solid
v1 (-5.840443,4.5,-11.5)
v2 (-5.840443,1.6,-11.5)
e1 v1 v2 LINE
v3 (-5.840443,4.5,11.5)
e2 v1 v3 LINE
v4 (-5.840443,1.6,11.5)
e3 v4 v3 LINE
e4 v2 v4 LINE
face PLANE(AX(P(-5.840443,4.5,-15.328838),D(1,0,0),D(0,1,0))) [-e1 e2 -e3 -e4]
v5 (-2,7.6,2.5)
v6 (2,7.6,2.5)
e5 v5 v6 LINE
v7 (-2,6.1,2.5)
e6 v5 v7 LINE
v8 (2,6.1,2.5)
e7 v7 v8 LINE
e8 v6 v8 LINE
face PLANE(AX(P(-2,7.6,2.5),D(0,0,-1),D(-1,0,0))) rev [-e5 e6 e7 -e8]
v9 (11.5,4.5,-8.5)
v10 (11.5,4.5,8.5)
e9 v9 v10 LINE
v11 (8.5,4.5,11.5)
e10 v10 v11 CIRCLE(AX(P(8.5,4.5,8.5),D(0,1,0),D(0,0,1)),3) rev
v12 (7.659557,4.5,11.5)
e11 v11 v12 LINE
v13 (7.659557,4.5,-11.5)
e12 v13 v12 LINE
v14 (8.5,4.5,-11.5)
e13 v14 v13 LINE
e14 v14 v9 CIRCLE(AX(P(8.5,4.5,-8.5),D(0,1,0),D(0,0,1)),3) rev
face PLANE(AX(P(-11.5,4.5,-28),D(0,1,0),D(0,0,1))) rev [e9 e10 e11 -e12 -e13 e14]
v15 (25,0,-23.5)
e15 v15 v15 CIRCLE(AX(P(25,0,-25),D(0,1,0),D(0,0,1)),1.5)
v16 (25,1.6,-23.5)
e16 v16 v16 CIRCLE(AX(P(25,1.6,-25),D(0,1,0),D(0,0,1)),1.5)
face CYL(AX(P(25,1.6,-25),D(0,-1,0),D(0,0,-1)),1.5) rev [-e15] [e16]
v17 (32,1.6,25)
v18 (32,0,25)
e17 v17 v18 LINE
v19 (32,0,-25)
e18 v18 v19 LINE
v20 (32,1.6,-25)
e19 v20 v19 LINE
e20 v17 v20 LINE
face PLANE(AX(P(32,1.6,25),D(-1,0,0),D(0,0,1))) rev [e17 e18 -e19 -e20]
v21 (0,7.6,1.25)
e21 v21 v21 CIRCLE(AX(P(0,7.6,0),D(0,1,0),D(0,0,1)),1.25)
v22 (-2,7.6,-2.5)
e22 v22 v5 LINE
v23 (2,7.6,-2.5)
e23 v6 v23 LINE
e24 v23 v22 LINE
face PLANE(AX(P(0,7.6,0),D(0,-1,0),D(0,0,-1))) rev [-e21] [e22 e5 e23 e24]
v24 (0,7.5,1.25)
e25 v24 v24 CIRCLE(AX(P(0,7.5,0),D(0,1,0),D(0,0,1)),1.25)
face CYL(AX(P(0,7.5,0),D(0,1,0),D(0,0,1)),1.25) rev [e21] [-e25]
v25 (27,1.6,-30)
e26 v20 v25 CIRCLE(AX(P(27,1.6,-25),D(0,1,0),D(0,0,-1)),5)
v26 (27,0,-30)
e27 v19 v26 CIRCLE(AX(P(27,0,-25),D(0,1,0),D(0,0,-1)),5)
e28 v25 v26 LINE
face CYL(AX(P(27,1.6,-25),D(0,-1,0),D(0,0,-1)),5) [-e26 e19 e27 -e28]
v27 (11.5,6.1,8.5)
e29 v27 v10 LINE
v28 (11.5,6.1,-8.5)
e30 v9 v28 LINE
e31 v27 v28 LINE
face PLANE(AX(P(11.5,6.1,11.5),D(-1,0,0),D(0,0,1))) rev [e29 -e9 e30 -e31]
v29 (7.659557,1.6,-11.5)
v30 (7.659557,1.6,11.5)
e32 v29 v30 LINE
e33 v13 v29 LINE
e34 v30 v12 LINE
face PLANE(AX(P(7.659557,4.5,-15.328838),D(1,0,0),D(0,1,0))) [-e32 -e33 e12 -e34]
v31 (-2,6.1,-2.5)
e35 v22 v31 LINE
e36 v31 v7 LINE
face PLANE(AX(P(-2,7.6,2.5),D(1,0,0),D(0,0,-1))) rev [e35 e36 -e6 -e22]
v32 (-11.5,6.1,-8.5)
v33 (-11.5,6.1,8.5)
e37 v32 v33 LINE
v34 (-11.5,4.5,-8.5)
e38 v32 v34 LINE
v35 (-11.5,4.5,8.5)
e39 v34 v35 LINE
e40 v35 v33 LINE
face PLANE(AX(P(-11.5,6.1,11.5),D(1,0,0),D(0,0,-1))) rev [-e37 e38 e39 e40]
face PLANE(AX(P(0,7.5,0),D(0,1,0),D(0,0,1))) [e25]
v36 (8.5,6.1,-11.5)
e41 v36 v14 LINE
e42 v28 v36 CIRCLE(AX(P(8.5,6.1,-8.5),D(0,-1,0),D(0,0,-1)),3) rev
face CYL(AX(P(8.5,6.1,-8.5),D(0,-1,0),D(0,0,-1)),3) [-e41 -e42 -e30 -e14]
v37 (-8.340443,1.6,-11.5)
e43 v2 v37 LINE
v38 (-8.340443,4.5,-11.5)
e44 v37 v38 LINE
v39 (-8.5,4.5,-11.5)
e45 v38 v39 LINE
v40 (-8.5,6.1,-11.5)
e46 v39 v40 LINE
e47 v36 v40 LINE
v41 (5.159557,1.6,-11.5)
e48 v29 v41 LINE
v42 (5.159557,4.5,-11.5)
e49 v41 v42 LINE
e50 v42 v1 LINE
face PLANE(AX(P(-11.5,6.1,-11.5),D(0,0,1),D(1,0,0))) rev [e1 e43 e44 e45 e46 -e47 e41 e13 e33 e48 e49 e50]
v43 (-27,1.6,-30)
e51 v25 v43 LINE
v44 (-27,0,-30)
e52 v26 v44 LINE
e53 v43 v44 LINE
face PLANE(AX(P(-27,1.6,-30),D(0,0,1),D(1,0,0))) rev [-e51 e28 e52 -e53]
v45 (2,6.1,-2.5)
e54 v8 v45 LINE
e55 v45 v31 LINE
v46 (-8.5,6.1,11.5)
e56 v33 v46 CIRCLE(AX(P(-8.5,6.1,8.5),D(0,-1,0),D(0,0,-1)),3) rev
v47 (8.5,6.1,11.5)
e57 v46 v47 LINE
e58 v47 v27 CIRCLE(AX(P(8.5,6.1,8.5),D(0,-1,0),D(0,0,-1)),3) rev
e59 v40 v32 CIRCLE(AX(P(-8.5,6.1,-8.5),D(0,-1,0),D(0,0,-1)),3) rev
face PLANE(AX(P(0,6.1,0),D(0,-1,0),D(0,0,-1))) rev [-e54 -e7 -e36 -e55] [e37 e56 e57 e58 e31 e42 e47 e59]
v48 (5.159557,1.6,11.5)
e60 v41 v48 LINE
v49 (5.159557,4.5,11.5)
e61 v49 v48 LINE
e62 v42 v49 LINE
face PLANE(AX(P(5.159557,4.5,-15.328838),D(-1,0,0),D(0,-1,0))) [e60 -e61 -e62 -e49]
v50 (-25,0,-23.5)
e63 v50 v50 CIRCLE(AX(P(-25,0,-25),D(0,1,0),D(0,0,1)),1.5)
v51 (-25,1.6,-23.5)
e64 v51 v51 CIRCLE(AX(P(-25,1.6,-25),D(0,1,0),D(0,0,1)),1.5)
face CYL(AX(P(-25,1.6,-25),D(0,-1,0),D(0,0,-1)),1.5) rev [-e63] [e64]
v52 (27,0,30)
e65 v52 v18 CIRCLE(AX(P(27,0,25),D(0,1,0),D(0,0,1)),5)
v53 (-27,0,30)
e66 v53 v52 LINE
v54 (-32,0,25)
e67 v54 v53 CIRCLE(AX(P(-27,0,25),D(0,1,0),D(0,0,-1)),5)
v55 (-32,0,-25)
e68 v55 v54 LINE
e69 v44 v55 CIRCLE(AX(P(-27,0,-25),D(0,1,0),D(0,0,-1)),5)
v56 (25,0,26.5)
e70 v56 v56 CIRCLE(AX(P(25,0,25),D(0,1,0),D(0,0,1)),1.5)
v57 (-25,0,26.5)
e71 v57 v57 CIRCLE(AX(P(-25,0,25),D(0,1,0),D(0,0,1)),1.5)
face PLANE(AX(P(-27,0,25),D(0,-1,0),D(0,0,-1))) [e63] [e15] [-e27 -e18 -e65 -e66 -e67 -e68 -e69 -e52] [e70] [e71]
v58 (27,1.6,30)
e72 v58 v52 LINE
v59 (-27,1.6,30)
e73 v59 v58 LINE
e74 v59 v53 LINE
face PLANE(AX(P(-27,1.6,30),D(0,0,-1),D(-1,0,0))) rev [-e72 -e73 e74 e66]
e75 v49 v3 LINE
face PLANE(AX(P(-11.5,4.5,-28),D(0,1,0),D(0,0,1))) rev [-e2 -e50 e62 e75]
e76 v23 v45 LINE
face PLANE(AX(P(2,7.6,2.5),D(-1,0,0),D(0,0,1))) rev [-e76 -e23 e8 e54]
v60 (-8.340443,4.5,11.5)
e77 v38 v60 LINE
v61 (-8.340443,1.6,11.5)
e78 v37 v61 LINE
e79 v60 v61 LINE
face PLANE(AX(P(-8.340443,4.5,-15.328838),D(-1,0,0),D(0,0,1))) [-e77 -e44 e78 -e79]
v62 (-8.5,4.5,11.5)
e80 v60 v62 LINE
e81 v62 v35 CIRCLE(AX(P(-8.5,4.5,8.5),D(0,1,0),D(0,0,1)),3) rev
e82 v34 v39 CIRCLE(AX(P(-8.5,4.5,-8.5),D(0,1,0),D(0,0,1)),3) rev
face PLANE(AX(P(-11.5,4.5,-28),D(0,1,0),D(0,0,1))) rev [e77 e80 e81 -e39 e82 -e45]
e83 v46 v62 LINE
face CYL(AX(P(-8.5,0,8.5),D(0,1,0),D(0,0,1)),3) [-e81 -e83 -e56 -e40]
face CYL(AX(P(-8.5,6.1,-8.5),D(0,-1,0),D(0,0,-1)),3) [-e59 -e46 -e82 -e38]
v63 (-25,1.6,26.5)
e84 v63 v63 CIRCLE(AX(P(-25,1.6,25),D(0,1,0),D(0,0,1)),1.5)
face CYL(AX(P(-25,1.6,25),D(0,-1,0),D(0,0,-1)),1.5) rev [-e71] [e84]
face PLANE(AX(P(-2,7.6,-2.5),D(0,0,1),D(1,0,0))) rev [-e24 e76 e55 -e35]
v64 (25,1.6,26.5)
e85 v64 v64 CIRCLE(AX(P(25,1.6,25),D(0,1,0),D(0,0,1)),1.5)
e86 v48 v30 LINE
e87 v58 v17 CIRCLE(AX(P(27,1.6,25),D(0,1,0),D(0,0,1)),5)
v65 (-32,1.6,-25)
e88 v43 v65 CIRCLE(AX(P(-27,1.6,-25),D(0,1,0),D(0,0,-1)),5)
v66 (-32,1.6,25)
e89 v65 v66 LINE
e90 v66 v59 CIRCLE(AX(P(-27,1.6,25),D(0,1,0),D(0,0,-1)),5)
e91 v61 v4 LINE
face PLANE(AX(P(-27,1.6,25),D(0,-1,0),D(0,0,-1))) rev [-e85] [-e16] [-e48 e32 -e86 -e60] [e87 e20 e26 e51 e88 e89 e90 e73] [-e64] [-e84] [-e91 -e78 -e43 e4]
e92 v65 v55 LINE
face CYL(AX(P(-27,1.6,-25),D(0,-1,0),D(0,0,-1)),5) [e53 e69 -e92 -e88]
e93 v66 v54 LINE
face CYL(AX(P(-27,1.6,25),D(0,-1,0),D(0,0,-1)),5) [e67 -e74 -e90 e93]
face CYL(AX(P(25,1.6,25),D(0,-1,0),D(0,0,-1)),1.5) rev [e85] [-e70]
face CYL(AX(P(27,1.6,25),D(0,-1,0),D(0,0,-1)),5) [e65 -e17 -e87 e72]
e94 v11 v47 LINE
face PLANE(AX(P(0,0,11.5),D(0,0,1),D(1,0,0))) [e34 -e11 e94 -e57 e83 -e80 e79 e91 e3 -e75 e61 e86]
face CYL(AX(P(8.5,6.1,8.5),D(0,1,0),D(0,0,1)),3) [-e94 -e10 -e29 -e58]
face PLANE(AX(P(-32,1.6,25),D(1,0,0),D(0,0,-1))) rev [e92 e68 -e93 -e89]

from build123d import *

# Parameters (mm, degrees)
SKETCH1_R           = 1.5
BOSS_EXTRUDE1_DEPTH = 1.6
SKETCH2_W           = 23
SKETCH2_H           = 23
BOSS_EXTRUDE2_DEPTH = 4.5
SKETCH3_W           = 4
SKETCH3_H           = 5
BOSS_EXTRUDE3_DEPTH = 1.5
SKETCH4_W           = 23
SKETCH4_H           = 2.9
CUT_EXTRUDE3_DEPTH  = 39.5
SKETCH5_W           = 2.5
SKETCH5_H           = 2.9
BOSS_EXTRUDE4_DEPTH = 23
FILLET1_R           = 3
SKETCH6_R           = 1.25
CUT_EXTRUDE4_DEPTH  = 0.1


with BuildPart() as part:
    # Sketch1 → Boss-Extrude1 (new body)
    with BuildSketch(Plane(origin=(0, 0, 0), x_dir=(1, 0, 0), z_dir=(0, 1, 0))):
        with BuildLine():
            Line((-27, -30), (27, -30))
            ThreePointArc((27, -30), (30.535533906, -28.535533906), (32, -25))
            Line((32, -25), (32, 25))
            ThreePointArc((32, 25), (30.535533906, 28.535533906), (27, 30))
            Line((27, 30), (-27, 30))
            ThreePointArc((-27, 30), (-30.535533906, 28.535533906), (-32, 25))
            Line((-32, 25), (-32, -25))
            ThreePointArc((-32, -25), (-30.535533906, -28.535533906), (-27, -30))
        make_face()
        with Locations((25, 25)):
            Circle(SKETCH1_R, mode=Mode.SUBTRACT)
        with Locations((-25, 25)):
            Circle(SKETCH1_R, mode=Mode.SUBTRACT)
        with Locations((-25, -25)):
            Circle(SKETCH1_R, mode=Mode.SUBTRACT)
        with Locations((25, -25)):
            Circle(SKETCH1_R, mode=Mode.SUBTRACT)
    extrude(amount=BOSS_EXTRUDE1_DEPTH)

    # Sketch2 → Boss-Extrude2 (add)
    with BuildSketch(Plane(origin=(0, 1.6, 0), x_dir=(1, 0, 0), z_dir=(0, 1, 0))):
        Rectangle(SKETCH2_W, SKETCH2_H)
    extrude(amount=BOSS_EXTRUDE2_DEPTH)

    # Sketch3 → Boss-Extrude3 (add)
    with BuildSketch(Plane(origin=(0, 6.1, 0), x_dir=(1, 0, 0), z_dir=(0, 1, 0))):
        Rectangle(SKETCH3_W, SKETCH3_H)
    extrude(amount=BOSS_EXTRUDE3_DEPTH)

    # Sketch4 → Cut-Extrude3 (cut)
    with BuildSketch(Plane.XY.offset(11.5)):
        with Locations((0, 3.05)):
            Rectangle(SKETCH4_W, SKETCH4_H)
    extrude(amount=-CUT_EXTRUDE3_DEPTH, mode=Mode.SUBTRACT)

    # Sketch5 → Boss-Extrude4 (add)
    with BuildSketch(Plane.XY.offset(11.5)):
        with Locations((-7.09044311, 3.05)):
            Rectangle(SKETCH5_W, SKETCH5_H)
        with Locations((6.40955689, 3.05)):
            Rectangle(SKETCH5_W, SKETCH5_H)
    extrude(amount=-BOSS_EXTRUDE4_DEPTH)

    # Fillet1
    fillet1_edges = [part.edges().sort_by_distance(p)[0] for p in [
        (11.5, 5.3, 11.5),
        (11.5, 5.3, -11.5),
        (-11.5, 5.3, -11.5),
        (-11.5, 5.3, 11.5),
    ]]
    fillet(fillet1_edges, radius=FILLET1_R)

    # Sketch6 → Cut-Extrude4 (cut)
    with BuildSketch(Plane(origin=(0, 7.6, 0), x_dir=(1, 0, 0), z_dir=(0, 1, 0))):
        Circle(SKETCH6_R)
    extrude(amount=-CUT_EXTRUDE4_DEPTH, mode=Mode.SUBTRACT)


solid = part.part
